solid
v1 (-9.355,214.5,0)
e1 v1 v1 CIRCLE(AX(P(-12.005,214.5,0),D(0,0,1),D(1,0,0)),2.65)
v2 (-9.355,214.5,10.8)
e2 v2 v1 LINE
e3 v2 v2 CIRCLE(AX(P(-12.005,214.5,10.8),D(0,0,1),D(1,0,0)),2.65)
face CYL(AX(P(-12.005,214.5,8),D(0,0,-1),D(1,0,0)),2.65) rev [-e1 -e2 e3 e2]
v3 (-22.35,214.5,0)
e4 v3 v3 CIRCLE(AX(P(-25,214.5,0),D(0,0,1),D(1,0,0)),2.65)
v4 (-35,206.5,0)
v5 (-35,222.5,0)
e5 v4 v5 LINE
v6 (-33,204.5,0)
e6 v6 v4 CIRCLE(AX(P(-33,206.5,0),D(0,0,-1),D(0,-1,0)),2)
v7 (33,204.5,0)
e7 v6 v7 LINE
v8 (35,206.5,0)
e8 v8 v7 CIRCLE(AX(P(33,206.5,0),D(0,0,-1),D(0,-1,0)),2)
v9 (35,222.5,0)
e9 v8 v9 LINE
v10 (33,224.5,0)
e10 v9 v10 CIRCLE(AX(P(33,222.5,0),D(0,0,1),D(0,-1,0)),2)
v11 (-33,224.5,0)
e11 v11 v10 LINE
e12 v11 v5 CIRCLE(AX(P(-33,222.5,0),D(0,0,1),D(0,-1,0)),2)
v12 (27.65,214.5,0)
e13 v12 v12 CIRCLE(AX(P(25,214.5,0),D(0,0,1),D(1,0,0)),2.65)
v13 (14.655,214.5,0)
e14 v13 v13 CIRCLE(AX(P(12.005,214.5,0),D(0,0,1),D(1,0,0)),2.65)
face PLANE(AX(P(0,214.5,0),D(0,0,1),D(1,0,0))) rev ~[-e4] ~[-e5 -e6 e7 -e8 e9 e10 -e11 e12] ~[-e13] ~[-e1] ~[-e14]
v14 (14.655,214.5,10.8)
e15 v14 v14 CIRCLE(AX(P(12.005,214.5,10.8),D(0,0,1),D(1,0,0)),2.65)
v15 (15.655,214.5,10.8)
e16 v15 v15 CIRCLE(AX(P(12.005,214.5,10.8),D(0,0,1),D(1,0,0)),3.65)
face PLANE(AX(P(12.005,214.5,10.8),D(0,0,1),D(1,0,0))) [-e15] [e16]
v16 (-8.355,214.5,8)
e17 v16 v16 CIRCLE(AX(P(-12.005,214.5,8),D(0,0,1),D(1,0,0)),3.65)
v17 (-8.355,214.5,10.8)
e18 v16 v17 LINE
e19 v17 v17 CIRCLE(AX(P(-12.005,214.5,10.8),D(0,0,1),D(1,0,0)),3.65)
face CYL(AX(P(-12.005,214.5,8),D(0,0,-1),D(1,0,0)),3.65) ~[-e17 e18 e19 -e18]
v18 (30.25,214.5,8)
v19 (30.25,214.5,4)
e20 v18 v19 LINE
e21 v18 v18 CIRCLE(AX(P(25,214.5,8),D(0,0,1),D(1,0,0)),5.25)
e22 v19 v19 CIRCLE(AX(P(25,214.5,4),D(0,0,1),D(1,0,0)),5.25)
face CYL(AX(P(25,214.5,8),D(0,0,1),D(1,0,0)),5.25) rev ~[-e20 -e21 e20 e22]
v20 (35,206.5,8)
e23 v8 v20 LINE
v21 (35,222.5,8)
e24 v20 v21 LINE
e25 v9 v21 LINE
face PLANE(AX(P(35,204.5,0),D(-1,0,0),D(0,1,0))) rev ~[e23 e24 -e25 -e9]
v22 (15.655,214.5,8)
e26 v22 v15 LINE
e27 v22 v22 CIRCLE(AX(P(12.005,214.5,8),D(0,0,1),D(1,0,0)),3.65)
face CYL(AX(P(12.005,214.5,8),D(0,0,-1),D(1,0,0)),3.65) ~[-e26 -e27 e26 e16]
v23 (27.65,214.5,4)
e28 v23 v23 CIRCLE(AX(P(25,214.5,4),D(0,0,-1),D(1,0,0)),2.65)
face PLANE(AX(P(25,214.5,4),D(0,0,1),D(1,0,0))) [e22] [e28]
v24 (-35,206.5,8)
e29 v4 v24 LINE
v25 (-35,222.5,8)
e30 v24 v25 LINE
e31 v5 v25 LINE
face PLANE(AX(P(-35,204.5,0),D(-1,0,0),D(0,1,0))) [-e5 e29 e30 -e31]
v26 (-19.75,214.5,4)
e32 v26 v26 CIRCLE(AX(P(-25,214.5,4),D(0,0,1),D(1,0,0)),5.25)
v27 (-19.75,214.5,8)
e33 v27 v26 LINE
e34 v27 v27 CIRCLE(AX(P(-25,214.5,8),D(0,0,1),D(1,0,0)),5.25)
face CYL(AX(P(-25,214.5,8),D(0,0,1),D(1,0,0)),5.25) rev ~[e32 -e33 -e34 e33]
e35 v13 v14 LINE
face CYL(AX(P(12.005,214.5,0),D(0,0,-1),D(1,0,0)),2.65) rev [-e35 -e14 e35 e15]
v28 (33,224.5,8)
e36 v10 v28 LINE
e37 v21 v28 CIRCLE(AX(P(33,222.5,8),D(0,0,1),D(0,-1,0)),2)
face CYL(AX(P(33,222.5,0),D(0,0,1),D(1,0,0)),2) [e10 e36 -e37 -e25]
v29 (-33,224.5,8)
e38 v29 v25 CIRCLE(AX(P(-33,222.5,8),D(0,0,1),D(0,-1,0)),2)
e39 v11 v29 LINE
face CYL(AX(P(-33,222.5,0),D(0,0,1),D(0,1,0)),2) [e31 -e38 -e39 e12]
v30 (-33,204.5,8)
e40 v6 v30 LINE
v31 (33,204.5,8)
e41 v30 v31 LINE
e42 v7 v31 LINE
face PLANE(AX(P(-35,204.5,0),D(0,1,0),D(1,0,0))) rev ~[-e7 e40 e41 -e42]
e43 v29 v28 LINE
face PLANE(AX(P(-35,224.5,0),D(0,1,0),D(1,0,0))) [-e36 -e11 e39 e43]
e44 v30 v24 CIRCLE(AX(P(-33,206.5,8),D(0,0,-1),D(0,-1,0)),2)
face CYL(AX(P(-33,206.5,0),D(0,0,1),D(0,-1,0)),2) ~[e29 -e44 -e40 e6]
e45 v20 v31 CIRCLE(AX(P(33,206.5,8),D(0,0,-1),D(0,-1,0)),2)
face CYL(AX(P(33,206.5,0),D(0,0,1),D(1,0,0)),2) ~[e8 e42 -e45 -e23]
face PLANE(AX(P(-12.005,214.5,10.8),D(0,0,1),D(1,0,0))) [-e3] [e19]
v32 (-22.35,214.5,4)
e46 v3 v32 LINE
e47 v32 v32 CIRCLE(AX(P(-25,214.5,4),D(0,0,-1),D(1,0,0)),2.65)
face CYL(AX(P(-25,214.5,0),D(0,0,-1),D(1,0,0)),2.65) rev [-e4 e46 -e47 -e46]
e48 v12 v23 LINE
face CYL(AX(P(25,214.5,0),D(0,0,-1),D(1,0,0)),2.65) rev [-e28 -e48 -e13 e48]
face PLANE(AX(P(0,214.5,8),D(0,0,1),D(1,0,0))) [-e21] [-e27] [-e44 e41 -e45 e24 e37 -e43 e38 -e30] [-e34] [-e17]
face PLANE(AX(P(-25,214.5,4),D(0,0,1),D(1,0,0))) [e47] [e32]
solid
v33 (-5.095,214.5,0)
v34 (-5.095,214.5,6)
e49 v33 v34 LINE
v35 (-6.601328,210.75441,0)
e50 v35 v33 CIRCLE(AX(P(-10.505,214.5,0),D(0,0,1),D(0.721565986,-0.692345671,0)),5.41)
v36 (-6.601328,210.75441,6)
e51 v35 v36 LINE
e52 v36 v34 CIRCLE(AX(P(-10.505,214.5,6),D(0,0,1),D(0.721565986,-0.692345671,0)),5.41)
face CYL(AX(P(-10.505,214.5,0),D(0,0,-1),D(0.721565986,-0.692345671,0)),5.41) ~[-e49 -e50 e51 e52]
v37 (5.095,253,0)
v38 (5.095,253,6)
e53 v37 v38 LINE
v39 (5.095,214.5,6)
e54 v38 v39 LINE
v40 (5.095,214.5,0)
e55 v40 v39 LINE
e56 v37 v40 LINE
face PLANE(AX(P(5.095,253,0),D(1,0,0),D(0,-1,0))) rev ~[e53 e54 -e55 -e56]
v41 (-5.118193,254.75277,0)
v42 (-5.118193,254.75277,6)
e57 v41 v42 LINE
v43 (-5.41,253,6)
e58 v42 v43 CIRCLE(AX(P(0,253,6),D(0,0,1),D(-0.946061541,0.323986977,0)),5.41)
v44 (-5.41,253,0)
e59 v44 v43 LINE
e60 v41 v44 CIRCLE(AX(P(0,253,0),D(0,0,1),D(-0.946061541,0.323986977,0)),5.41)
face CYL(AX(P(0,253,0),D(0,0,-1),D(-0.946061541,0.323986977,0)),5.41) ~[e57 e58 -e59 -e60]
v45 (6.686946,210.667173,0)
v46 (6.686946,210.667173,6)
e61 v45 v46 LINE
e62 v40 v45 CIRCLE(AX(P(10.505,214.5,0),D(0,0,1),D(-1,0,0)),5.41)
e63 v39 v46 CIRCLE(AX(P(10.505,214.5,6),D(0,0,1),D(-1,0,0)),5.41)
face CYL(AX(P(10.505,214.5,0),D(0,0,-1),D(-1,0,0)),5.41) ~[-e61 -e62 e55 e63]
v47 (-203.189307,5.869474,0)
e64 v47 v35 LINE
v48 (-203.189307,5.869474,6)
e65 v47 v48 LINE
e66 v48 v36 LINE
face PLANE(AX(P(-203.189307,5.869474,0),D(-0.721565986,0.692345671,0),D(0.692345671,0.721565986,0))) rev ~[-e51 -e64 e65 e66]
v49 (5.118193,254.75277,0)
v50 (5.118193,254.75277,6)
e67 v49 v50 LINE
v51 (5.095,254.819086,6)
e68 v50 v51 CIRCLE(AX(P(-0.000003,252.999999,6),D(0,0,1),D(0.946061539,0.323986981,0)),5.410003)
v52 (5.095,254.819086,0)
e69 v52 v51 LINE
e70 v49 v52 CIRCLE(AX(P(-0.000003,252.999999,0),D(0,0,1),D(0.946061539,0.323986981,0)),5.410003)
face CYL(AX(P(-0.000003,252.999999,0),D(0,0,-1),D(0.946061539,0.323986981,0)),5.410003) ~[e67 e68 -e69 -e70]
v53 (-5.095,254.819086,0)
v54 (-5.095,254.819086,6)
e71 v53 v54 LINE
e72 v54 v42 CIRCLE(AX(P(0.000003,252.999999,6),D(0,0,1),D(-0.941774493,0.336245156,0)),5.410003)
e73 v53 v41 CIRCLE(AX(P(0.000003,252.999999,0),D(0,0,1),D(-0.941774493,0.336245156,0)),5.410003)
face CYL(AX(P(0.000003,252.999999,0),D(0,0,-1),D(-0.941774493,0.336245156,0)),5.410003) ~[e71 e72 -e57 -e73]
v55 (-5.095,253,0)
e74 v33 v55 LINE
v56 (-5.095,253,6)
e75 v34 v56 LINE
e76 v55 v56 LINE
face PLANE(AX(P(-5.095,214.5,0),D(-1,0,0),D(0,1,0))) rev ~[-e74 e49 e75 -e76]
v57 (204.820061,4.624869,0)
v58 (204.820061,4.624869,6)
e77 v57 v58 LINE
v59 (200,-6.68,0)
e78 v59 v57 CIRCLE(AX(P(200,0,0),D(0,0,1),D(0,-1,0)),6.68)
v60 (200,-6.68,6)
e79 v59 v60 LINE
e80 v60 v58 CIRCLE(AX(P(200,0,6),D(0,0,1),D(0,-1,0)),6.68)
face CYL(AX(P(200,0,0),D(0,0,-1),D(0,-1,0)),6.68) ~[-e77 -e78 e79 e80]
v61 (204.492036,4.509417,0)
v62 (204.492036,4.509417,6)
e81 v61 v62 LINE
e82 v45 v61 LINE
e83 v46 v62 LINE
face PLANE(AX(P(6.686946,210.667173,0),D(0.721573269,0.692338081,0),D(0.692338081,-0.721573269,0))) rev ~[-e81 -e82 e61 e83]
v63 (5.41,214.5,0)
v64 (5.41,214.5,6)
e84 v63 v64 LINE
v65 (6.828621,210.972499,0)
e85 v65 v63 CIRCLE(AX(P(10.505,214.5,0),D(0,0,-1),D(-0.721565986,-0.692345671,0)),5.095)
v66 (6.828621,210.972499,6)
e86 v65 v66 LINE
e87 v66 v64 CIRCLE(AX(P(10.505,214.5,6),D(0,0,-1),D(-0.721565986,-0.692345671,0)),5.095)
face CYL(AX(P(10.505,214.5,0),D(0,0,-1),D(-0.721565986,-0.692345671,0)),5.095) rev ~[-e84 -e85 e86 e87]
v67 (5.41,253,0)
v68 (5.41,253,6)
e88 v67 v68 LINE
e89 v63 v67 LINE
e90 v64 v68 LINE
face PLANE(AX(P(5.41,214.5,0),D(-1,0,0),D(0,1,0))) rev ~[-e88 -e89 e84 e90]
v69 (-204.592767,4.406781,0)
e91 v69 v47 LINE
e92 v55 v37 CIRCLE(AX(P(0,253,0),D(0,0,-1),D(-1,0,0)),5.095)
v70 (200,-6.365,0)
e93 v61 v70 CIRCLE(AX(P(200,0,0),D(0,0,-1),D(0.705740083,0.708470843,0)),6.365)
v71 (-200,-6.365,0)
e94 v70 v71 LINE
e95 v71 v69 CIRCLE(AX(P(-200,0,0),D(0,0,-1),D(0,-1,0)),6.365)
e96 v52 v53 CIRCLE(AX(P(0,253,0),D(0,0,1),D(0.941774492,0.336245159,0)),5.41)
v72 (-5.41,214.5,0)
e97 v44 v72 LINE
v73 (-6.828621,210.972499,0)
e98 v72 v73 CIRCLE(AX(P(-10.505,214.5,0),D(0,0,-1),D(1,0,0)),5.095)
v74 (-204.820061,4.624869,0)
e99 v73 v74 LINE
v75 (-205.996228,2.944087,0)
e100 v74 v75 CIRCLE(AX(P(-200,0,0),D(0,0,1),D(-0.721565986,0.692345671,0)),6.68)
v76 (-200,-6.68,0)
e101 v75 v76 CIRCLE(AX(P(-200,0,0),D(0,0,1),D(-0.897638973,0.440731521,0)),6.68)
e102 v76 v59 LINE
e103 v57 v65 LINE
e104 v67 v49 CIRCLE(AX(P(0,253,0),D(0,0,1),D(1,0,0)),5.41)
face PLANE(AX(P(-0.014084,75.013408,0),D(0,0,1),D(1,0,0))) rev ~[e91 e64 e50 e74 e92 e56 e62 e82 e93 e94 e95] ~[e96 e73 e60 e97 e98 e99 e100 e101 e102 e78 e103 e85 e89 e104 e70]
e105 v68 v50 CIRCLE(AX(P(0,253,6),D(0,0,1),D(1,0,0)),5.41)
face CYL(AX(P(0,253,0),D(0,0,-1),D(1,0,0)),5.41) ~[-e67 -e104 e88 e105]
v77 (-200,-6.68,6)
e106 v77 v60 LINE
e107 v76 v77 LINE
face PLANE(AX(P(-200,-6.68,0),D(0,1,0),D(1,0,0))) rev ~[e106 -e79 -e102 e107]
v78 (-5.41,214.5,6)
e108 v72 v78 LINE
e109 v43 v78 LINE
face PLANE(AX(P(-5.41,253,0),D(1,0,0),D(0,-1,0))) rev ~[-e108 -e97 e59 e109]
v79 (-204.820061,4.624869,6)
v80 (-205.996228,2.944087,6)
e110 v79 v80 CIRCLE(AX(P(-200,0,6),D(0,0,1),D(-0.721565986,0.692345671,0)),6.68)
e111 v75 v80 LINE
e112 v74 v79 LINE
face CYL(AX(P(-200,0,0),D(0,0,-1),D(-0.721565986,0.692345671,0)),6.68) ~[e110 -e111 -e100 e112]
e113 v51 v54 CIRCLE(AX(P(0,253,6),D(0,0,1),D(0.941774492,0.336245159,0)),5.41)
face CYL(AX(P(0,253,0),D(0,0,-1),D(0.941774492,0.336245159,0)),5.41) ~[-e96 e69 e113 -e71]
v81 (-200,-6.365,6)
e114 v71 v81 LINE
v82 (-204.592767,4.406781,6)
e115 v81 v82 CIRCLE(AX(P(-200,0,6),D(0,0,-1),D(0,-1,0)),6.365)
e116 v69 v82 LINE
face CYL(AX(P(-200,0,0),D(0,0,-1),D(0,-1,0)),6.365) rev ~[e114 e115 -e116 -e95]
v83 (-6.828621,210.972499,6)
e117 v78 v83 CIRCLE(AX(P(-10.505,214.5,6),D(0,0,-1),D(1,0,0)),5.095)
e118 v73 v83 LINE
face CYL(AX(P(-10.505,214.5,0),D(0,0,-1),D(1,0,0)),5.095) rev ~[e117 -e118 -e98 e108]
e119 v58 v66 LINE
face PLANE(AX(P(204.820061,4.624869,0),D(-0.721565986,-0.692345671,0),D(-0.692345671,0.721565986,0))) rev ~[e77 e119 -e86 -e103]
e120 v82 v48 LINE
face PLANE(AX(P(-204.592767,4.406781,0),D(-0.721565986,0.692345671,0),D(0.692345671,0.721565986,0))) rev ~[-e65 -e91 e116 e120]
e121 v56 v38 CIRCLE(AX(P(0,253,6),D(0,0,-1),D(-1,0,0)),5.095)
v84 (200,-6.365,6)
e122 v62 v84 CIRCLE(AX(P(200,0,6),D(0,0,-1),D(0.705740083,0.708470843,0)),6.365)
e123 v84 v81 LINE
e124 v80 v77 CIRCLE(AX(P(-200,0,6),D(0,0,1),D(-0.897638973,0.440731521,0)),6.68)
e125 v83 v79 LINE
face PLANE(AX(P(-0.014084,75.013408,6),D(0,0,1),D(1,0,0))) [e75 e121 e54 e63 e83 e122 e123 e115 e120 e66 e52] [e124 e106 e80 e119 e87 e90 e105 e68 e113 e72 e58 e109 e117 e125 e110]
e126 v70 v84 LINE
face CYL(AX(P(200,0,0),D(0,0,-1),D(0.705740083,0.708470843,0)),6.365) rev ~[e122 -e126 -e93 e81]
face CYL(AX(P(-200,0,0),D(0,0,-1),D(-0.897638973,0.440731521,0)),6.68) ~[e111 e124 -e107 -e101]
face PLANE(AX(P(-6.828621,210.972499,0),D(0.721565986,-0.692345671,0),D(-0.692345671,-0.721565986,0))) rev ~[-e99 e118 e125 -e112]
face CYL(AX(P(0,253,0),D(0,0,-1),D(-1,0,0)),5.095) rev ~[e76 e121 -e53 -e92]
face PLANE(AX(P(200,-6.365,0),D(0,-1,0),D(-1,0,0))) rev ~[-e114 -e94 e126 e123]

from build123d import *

# Parameters (mm, degrees)
F1_DEPTH = 6
F2_W     = 70
F2_H     = 20
F2_R     = 2.65
F3_DEPTH = 8
F4_R     = 5.25
F5_DEPTH = 4
F6_R     = 3.65
F6_R_2   = 2.65
F7_DEPTH = 2.8
F8_R     = 2


with BuildPart() as f1:
    # F0 (on Top) → F1 (new body)
    with BuildSketch(Plane.XY):
        with BuildLine():
            ThreePointArc((-200, -6.365), (-205.8550143362, -2.496403838), (-204.5927667748, 4.4067809513))
            Line((-204.5927667748, 4.4067809513), (-205.9962283404, 2.9440865629))
            ThreePointArc((-205.9962283404, 2.9440865629), (-205.6696074926, -3.5324143132), (-200, -6.68))
            Line((-200, -6.68), (200, -6.68))
            ThreePointArc((200, -6.68), (206.144775239, -2.6199498588), (204.8200607843, 4.6248690831))
            Line((204.8200607843, 4.6248690831), (6.828621303, 210.9724988056))
            ThreePointArc((6.828621303, 210.9724988056), (5.7779409533, 212.5989640273), (5.41, 214.5))
            Line((5.41, 214.5), (5.41, 253))
            ThreePointArc((5.41, 253), (5.3365496239, 253.8884470225), (5.1181929347, 254.7527695466))
            Line((5.1181929347, 254.7527695466), (5.095, 254.7818723))
            Line((5.095, 254.7818723), (5.095, 254.8190863091))
            ThreePointArc((5.095, 254.8190863091), (0, 258.41), (-5.095, 254.8190863091))
            Line((-5.095, 254.8190863091), (-5.095, 254.7818723))
            Line((-5.095, 254.7818723), (-5.1181929347, 254.7527695466))
            ThreePointArc((-5.1181929347, 254.7527695466), (-5.3365496239, 253.8884470225), (-5.41, 253))
            Line((-5.41, 253), (-5.41, 214.5))
            ThreePointArc((-5.41, 214.5), (-5.7779409533, 212.5989640273), (-6.828621303, 210.9724988056))
            Line((-6.828621303, 210.9724988056), (-204.8200607843, 4.6248690831))
            ThreePointArc((-204.8200607843, 4.6248690831), (-204.052746223, 5.3101457656), (-203.1893066572, 5.8694738304))
            Line((-203.1893066572, 5.8694738304), (-6.6013280175, 210.7544099192))
            ThreePointArc((-6.6013280175, 210.7544099192), (-5.4856890201, 212.481431872), (-5.095, 214.5))
            Line((-5.095, 214.5), (-5.095, 253))
            ThreePointArc((-5.095, 253), (0, 258.095), (5.095, 253))
            Line((5.095, 253), (5.095, 214.5))
            ThreePointArc((5.095, 214.5), (5.5088128874, 212.4248579962), (6.6869461501, 210.6671727408))
            Line((6.6869461501, 210.6671727408), (204.4920356293, 4.5094169141))
            ThreePointArc((204.4920356293, 4.5094169141), (205.8828421557, -2.4301014734), (200, -6.365))
            Line((200, -6.365), (-200, -6.365))
        make_face()
        with BuildLine():
            Line((-205.9962283404, 2.9440865629), (-204.5927667748, 4.4067809513))
            Line((-204.5927667748, 4.4067809513), (-203.1893066572, 5.8694738304))
            ThreePointArc((-203.1893066572, 5.8694738304), (-204.052746223, 5.3101457656), (-204.8200607843, 4.6248690831))
            ThreePointArc((-204.8200607843, 4.6248690831), (-205.4730508016, 3.8298975081), (-205.9962283404, 2.9440865629))
        make_face()
        with BuildLine():
            ThreePointArc((-5.095, 254.8190863091), (-5.1067041189, 254.7859655768), (-5.1181929347, 254.7527695466))
            Line((-5.1181929347, 254.7527695466), (-5.095, 254.7818723))
            Line((-5.095, 254.7818723), (-5.095, 254.8190863091))
        make_face()
        with BuildLine():
            ThreePointArc((5.1181929347, 254.7527695466), (5.1067041189, 254.7859655768), (5.095, 254.8190863091))
            Line((5.095, 254.8190863091), (5.095, 254.7818723))
            Line((5.095, 254.7818723), (5.1181929347, 254.7527695466))
        make_face()
    extrude(amount=F1_DEPTH)


with BuildPart() as f3:
    # F2 (on Top) → F3 (new body)
    with BuildSketch(Plane.XY):
        with Locations((0, 214.5)):
            Rectangle(F2_W, F2_H)
        with Locations((-25, 214.5)):
            Circle(F2_R, mode=Mode.SUBTRACT)
        with Locations((-12.005, 214.5)):
            Circle(F2_R, mode=Mode.SUBTRACT)
        with Locations((12.005, 214.5)):
            Circle(F2_R, mode=Mode.SUBTRACT)
        with Locations((25, 214.5)):
            Circle(F2_R, mode=Mode.SUBTRACT)
    extrude(amount=F3_DEPTH)

    # F4 (on face) → F5 (cut)
    with BuildSketch(Plane.XY.offset(8)):
        with Locations((-25, 214.5)):
            Circle(F4_R)
        with Locations((25, 214.5)):
            Circle(F4_R)
    extrude(amount=-F5_DEPTH, mode=Mode.SUBTRACT)

    # F6 (on face) → F7 (join)
    with BuildSketch(Plane.XY.offset(8)):
        with Locations((-12.005, 214.5)):
            Circle(F6_R)
        with Locations((-12.005, 214.5)):
            Circle(F6_R_2, mode=Mode.SUBTRACT)
        with Locations((12.005, 214.5)):
            Circle(F6_R)
        with Locations((12.005, 214.5)):
            Circle(F6_R_2, mode=Mode.SUBTRACT)
    extrude(amount=F7_DEPTH)

    # F8
    f8_edges = [f3.edges().sort_by_distance(p)[0] for p in [
        (-35, 204.5, 4),
        (-35, 224.5, 4),
        (35, 224.5, 4),
        (35, 204.5, 4),
    ]]
    fillet(f8_edges, radius=F8_R)


solid = Compound([f1.part, f3.part])
